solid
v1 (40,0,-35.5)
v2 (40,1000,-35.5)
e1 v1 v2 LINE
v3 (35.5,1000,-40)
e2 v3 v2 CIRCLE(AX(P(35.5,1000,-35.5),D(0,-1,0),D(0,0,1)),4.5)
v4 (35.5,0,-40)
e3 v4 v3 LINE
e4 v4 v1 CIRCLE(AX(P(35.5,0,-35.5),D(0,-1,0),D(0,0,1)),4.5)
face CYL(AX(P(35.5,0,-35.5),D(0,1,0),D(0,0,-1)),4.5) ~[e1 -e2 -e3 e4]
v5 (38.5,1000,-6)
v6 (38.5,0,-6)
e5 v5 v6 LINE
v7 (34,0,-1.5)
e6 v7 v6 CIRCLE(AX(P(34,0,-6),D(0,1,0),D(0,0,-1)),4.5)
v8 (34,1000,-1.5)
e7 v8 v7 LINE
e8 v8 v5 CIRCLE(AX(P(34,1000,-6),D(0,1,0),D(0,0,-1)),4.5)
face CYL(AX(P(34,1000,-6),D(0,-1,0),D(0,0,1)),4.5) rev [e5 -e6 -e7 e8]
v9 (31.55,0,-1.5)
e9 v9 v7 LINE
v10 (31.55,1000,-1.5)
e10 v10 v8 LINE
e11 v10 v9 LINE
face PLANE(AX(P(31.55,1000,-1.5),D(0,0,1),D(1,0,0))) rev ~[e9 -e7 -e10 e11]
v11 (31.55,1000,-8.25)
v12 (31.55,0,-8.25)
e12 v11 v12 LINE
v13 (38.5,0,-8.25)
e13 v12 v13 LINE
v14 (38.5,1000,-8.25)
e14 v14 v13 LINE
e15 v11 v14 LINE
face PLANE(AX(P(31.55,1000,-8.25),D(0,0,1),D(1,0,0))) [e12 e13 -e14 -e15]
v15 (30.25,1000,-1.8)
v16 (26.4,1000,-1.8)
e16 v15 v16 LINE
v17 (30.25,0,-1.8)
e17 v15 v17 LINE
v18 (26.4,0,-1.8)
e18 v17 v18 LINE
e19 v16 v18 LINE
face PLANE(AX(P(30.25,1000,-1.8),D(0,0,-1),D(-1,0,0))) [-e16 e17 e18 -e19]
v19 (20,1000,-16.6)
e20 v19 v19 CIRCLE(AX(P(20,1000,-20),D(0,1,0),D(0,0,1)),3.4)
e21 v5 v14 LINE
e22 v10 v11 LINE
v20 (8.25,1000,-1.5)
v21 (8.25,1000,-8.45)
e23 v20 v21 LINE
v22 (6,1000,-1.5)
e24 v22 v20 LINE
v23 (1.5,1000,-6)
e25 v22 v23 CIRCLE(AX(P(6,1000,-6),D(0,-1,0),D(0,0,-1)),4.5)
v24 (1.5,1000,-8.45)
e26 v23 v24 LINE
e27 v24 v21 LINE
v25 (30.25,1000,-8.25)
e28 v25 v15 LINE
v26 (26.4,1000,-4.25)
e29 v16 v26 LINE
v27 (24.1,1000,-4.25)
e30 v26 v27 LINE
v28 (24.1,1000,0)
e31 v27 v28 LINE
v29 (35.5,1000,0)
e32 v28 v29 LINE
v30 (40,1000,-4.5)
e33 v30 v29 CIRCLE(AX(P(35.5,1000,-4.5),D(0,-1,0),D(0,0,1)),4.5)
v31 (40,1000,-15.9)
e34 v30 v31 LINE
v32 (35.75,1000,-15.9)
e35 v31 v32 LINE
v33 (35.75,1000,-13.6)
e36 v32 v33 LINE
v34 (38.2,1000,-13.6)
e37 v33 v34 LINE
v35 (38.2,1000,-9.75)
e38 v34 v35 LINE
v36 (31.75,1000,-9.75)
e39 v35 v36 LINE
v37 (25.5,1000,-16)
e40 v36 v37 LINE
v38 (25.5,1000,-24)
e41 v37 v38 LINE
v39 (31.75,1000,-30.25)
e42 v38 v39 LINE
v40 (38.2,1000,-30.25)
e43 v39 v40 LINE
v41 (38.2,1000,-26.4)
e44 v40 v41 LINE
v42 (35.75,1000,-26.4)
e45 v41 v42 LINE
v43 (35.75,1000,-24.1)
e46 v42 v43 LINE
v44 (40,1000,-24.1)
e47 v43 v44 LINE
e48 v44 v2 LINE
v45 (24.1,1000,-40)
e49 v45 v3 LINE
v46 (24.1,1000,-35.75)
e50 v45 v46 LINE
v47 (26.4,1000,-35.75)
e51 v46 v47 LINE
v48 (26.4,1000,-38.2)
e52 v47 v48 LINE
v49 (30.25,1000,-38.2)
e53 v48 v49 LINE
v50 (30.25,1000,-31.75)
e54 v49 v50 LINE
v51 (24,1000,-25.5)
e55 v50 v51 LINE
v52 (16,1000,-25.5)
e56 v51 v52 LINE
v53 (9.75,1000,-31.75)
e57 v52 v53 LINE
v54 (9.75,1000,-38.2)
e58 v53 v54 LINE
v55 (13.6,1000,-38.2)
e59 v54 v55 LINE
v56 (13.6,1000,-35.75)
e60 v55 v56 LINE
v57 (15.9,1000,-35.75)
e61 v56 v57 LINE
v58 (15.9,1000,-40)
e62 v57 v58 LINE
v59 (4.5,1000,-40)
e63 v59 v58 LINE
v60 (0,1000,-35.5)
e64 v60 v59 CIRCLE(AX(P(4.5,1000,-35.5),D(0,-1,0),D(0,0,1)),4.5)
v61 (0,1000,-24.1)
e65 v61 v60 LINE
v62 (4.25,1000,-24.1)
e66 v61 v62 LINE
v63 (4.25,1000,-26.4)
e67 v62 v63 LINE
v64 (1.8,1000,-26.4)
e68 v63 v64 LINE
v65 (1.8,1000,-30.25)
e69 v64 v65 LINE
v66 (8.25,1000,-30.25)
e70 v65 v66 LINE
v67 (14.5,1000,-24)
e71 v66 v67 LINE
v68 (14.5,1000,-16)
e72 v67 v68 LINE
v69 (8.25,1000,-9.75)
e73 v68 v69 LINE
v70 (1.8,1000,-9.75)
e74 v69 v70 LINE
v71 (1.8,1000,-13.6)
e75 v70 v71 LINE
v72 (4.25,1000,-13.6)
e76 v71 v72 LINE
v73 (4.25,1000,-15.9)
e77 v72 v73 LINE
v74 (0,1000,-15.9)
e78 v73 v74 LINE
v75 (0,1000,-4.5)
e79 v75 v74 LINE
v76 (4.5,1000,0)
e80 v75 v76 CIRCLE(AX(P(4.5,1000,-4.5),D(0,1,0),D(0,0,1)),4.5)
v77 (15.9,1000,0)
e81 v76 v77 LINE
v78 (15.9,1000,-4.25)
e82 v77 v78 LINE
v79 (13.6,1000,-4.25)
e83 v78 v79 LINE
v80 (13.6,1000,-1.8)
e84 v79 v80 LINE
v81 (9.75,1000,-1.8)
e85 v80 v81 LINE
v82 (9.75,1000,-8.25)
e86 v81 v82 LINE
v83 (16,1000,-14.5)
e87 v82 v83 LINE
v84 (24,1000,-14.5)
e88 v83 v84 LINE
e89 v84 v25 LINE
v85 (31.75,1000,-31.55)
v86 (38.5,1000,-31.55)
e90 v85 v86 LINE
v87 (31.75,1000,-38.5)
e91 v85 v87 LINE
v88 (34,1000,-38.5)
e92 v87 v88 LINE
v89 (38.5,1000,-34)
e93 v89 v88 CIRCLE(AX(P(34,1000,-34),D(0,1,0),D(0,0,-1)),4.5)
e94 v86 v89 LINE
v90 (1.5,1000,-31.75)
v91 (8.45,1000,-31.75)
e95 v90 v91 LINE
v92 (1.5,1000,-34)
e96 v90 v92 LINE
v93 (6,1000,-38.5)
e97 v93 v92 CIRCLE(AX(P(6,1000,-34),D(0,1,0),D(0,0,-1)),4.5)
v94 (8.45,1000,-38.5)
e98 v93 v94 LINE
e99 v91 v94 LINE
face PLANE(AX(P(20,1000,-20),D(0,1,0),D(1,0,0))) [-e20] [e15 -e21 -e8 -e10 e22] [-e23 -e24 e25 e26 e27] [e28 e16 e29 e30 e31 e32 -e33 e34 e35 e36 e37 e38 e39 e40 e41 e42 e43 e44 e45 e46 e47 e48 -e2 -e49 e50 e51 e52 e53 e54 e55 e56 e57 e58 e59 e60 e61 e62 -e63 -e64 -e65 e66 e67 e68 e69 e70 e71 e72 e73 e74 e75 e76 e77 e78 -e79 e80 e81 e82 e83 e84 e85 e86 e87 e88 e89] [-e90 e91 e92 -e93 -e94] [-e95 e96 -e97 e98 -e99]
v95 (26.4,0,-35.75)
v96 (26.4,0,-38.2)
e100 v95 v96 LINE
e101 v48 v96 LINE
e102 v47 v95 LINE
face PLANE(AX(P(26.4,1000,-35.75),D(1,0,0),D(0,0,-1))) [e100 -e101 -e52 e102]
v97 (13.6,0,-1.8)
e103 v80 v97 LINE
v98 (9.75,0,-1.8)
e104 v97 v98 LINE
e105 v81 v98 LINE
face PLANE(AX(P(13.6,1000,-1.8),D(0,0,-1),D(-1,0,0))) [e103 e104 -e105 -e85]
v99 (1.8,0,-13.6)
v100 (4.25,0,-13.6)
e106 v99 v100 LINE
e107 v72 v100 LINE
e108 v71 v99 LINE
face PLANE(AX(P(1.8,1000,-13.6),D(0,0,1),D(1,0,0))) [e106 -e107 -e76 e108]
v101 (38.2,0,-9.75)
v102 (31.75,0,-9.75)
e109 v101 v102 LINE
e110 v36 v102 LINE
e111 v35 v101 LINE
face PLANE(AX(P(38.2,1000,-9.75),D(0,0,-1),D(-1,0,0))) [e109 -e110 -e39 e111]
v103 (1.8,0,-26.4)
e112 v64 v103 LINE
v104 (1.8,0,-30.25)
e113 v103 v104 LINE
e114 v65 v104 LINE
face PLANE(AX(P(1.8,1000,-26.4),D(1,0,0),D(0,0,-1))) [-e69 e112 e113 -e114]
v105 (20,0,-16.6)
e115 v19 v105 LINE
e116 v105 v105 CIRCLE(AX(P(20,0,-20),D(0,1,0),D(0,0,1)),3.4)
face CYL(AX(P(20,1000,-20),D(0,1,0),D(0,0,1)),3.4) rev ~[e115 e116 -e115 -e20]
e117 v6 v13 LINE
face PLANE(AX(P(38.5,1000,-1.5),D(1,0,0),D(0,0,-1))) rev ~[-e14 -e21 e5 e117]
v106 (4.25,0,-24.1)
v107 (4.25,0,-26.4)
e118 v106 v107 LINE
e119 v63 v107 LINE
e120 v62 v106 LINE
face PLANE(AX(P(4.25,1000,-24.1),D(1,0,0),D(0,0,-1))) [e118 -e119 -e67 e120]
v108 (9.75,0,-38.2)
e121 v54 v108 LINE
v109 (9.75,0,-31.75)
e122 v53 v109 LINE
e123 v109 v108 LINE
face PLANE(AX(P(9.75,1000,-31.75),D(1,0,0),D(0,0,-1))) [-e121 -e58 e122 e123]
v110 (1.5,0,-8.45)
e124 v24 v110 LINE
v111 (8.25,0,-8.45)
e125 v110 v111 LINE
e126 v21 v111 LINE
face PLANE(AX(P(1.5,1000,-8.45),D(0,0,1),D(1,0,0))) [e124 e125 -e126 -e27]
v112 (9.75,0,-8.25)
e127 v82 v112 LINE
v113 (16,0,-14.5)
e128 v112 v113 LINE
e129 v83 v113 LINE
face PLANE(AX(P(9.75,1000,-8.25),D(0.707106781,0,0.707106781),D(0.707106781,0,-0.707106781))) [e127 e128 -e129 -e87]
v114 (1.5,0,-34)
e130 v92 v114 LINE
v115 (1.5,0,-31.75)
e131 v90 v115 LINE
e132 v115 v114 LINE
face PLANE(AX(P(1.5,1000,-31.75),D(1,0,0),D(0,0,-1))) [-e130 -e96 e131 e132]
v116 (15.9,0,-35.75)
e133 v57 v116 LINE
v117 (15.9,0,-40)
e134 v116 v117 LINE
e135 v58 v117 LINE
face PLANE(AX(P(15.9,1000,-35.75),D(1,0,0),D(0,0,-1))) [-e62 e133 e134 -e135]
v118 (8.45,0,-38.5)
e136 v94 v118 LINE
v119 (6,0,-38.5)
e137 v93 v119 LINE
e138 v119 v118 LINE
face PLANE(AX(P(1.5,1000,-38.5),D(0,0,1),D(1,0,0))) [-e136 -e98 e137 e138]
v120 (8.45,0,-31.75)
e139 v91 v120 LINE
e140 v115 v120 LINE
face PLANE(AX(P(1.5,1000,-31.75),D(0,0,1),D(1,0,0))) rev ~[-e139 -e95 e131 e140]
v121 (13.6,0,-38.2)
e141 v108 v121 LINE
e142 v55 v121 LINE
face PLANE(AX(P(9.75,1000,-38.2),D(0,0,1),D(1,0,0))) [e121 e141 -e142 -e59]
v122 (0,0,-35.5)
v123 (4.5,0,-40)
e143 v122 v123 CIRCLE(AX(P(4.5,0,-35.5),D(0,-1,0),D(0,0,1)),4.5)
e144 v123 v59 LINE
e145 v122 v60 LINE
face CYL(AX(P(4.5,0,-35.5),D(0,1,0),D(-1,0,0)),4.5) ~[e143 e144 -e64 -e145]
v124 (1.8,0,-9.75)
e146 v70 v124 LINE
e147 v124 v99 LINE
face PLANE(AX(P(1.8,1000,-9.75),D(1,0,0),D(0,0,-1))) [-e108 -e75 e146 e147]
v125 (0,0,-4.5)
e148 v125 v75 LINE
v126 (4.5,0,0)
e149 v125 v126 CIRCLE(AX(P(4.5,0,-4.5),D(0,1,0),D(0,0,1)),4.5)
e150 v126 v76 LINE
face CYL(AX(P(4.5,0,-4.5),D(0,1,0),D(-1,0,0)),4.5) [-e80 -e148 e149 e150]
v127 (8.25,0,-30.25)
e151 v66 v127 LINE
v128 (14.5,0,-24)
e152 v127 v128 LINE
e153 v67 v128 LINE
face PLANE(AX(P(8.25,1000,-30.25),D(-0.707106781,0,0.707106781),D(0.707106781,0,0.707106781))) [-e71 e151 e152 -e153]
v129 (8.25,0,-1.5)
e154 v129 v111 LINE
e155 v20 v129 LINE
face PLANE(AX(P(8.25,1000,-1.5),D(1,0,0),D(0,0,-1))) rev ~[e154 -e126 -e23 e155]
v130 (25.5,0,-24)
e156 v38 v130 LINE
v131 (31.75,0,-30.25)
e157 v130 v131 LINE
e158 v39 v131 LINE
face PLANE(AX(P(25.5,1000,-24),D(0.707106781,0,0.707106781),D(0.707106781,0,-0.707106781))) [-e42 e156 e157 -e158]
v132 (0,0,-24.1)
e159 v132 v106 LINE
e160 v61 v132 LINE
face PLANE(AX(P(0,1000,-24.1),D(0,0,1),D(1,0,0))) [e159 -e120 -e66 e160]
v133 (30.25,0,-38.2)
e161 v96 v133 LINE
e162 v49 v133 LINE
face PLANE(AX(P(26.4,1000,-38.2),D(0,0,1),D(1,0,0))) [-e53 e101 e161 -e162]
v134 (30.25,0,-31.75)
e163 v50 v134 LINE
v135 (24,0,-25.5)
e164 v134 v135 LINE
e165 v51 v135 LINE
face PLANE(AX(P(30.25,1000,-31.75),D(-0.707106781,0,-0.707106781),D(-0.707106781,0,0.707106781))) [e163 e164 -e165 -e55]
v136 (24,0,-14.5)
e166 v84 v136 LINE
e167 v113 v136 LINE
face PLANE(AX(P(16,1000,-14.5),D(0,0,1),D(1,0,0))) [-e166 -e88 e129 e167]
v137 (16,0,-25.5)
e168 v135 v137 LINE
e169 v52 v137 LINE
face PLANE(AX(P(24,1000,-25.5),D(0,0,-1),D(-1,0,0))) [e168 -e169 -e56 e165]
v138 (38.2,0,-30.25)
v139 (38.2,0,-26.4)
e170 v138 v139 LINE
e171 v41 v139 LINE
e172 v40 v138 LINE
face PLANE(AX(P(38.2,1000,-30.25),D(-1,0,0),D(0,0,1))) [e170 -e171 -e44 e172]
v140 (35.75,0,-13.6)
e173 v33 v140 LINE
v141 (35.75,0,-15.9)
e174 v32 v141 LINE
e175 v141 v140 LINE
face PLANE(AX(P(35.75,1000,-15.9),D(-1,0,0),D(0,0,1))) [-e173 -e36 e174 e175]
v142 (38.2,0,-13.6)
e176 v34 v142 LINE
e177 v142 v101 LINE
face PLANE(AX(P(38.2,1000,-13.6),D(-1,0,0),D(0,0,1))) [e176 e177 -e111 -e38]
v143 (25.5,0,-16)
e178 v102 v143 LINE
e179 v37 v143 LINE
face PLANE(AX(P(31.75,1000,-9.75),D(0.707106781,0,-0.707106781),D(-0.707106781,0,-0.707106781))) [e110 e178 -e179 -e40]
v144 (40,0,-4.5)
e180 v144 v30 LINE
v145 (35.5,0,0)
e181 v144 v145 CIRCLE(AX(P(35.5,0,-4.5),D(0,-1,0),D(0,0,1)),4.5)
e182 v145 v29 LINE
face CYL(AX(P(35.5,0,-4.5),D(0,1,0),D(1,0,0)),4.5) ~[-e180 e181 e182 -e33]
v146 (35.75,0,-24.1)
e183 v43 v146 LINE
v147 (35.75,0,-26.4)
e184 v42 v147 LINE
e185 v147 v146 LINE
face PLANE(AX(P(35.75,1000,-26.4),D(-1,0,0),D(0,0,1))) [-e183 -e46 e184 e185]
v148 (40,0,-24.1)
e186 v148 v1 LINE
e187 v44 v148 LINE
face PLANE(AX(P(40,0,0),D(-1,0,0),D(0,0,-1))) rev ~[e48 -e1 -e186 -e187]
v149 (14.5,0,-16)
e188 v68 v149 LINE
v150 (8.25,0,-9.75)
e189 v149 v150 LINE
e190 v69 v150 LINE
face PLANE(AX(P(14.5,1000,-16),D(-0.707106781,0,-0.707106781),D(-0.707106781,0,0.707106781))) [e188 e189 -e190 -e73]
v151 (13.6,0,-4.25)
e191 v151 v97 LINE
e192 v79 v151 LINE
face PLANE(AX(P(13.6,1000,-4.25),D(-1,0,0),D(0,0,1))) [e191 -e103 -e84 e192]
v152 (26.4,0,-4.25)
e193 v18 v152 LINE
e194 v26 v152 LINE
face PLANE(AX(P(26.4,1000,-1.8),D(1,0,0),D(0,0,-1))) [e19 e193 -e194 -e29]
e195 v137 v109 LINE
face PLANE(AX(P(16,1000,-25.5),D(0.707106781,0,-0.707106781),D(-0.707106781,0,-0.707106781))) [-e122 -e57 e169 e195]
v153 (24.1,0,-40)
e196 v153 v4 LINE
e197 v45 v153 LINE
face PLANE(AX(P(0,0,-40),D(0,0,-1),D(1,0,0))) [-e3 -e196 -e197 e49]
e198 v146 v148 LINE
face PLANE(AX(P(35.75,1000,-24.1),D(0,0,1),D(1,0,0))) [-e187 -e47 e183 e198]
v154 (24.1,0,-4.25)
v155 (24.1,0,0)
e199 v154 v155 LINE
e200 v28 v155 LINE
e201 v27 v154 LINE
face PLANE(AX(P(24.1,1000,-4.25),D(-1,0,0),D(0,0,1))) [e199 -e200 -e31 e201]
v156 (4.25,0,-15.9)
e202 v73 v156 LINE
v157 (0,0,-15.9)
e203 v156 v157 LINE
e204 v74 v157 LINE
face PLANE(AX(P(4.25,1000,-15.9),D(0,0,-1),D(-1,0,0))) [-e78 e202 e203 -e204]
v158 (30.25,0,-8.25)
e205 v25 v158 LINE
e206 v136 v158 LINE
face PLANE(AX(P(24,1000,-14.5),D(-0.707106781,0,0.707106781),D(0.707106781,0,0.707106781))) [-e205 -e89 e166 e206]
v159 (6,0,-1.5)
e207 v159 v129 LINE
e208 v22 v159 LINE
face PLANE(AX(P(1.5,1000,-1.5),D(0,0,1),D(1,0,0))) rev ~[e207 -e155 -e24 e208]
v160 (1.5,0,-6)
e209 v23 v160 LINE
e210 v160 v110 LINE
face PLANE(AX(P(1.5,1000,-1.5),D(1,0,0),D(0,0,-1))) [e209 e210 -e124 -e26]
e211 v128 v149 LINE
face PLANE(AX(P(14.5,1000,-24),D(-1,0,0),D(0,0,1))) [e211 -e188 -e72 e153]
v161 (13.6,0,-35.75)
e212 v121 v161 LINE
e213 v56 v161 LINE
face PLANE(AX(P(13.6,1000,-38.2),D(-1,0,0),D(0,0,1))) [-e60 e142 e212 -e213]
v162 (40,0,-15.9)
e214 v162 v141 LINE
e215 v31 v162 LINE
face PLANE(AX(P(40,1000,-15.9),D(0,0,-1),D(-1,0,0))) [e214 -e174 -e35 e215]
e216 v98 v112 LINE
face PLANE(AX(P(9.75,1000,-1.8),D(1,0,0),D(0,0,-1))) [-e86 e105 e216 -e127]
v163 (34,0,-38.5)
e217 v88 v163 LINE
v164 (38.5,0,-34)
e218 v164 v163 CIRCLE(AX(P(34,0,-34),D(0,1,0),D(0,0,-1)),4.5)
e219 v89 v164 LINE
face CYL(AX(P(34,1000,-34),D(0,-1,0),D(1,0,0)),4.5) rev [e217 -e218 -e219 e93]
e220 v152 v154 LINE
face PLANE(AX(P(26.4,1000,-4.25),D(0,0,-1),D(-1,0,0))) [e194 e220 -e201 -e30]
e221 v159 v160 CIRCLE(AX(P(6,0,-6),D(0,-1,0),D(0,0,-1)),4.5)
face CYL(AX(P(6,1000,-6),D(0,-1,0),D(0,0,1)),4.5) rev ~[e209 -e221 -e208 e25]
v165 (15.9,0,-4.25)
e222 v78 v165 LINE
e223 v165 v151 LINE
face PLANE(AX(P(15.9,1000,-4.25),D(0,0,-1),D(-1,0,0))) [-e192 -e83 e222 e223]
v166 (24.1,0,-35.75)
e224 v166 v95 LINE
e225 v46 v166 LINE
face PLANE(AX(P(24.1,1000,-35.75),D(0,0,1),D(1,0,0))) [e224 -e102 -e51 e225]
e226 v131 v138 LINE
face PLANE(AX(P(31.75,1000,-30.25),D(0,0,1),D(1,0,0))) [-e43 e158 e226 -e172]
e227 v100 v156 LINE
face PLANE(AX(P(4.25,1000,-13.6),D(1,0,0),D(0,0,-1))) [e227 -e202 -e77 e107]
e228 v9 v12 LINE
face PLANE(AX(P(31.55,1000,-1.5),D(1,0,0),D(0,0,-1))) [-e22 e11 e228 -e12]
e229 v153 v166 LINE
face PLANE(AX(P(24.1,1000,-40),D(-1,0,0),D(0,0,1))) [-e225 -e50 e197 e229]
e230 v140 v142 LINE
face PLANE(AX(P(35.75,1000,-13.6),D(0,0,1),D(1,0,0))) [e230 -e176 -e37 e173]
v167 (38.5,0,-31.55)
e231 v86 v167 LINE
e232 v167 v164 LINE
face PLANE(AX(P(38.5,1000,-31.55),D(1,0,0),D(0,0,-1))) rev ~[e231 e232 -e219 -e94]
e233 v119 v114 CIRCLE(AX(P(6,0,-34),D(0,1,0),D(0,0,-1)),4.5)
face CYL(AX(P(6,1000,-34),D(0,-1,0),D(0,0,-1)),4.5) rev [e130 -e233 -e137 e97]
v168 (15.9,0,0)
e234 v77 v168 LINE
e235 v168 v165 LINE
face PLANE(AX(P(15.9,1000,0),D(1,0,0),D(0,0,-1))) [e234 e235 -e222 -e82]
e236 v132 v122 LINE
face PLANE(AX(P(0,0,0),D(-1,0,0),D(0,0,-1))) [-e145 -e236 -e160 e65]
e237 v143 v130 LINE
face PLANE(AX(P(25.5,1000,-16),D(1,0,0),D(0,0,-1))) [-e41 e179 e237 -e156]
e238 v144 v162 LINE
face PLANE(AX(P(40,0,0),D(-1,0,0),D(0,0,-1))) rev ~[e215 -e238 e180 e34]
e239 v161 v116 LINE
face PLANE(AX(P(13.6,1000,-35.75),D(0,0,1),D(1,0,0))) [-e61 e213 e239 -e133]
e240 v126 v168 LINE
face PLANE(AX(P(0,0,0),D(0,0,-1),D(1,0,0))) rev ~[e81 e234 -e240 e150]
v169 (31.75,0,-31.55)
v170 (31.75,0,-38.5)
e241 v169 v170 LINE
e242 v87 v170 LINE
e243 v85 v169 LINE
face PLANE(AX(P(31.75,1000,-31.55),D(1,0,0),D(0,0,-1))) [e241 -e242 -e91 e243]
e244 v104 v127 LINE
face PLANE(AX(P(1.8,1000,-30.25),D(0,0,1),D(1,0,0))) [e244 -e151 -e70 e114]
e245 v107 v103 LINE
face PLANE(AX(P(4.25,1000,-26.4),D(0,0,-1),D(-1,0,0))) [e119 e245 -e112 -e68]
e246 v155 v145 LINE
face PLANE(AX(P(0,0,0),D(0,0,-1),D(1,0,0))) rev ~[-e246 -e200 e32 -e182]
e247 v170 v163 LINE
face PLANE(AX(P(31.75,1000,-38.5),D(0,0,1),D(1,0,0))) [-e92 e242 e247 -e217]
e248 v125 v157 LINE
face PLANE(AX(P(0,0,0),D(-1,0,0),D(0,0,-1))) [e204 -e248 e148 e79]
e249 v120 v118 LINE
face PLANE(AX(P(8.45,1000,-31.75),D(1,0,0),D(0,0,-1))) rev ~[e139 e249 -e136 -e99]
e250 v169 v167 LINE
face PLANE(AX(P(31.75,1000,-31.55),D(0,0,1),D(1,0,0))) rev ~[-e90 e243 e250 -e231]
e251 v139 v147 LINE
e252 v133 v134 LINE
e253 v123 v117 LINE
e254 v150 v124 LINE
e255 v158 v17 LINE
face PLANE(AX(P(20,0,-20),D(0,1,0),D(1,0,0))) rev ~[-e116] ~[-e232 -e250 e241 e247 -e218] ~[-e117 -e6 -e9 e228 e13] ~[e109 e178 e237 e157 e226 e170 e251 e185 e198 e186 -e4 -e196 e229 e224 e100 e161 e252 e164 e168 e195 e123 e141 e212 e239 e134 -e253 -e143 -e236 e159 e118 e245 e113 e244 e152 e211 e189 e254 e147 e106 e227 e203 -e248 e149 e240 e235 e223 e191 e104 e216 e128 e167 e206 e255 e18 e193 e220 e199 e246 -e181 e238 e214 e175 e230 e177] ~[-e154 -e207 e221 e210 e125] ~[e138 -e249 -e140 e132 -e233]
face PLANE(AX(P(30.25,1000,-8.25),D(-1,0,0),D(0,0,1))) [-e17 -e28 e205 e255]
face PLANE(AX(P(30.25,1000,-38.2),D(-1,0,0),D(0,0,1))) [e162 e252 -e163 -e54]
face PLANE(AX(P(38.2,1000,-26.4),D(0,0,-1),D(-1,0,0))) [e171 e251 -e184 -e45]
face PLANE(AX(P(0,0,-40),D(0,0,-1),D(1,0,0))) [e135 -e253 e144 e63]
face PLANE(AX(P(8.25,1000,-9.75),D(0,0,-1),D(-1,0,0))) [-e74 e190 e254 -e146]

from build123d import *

# Parameters (mm, degrees)
SKETCH1_W           = 40
SKETCH1_H           = 40
BOSS_EXTRUDE1_DEPTH = 1000
SKETCH2_R           = 3.4
SKETCH2_W           = 6.95
SKETCH2_H           = 6.75
SKETCH2_W_2         = 6.75
SKETCH2_H_2         = 6.95
CUT_EXTRUDE1_DEPTH  = 1002.598722044
FILLET1_R           = 4.5


with BuildPart() as part:
    # Sketch1 → Boss-Extrude1 (new body)
    with BuildSketch(Plane(origin=(0, 0, 0), x_dir=(1, 0, 0), z_dir=(0, 1, 0))):
        with Locations((20, 20)):
            Rectangle(SKETCH1_W, SKETCH1_H)
    extrude(amount=BOSS_EXTRUDE1_DEPTH)

    # Sketch2 → Cut-Extrude1 (cut, through all)
    with BuildSketch(Plane(origin=(0, 1000, 0), x_dir=(1, 0, 0), z_dir=(0, 1, 0))):
        with Locations(Location((20, 20, 0), (0, 0, 270))):
            Circle(SKETCH2_R)
        Polygon((30.25, 31.75), (24, 25.5), (16, 25.5), (9.75, 31.75), (9.75, 38.2), (13.6, 38.2), (13.6, 35.75), (15.9, 35.75), (15.9, 40), (24.1, 40), (24.1, 35.75), (26.4, 35.75), (26.4, 38.2), (30.25, 38.2), align=None)
        Polygon((31.75, 9.75), (25.5, 16), (25.5, 24), (31.75, 30.25), (38.2, 30.25), (38.2, 26.4), (35.75, 26.4), (35.75, 24.1), (40, 24.1), (40, 15.9), (35.75, 15.9), (35.75, 13.6), (38.2, 13.6), (38.2, 9.75), align=None)
        with Locations((4.975, 35.125)):
            Rectangle(SKETCH2_W, SKETCH2_H)
        with Locations((35.125, 35.025)):
            Rectangle(SKETCH2_W_2, SKETCH2_H_2)
        Polygon((9.75, 8.25), (16, 14.5), (24, 14.5), (30.25, 8.25), (30.25, 1.8), (26.4, 1.8), (26.4, 4.25), (24.1, 4.25), (24.1, 0), (15.9, 0), (15.9, 4.25), (13.6, 4.25), (13.6, 1.8), (9.75, 1.8), align=None)
        with Locations((35.025, 4.875)):
            Rectangle(SKETCH2_W, SKETCH2_H)
        Polygon((8.25, 30.25), (14.5, 24), (14.5, 16), (8.25, 9.75), (1.8, 9.75), (1.8, 13.6), (4.25, 13.6), (4.25, 15.9), (0, 15.9), (0, 24.1), (4.25, 24.1), (4.25, 26.4), (1.8, 26.4), (1.8, 30.25), align=None)
        with Locations((4.875, 4.975)):
            Rectangle(SKETCH2_W_2, SKETCH2_H_2)
    extrude(amount=-CUT_EXTRUDE1_DEPTH, mode=Mode.SUBTRACT)

    # Fillet1
    fillet1_edges = [part.edges().sort_by_distance(p)[0] for p in [
        (38.5, 500, -38.5),
        (1.5, 500, -1.5),
        (38.5, 500, -1.5),
        (0, 500, -40),
        (40, 500, -40),
        (40, 500, 0),
        (0, 500, 0),
        (1.5, 500, -38.5),
    ]]
    fillet(fillet1_edges, radius=FILLET1_R)


solid = part.part
